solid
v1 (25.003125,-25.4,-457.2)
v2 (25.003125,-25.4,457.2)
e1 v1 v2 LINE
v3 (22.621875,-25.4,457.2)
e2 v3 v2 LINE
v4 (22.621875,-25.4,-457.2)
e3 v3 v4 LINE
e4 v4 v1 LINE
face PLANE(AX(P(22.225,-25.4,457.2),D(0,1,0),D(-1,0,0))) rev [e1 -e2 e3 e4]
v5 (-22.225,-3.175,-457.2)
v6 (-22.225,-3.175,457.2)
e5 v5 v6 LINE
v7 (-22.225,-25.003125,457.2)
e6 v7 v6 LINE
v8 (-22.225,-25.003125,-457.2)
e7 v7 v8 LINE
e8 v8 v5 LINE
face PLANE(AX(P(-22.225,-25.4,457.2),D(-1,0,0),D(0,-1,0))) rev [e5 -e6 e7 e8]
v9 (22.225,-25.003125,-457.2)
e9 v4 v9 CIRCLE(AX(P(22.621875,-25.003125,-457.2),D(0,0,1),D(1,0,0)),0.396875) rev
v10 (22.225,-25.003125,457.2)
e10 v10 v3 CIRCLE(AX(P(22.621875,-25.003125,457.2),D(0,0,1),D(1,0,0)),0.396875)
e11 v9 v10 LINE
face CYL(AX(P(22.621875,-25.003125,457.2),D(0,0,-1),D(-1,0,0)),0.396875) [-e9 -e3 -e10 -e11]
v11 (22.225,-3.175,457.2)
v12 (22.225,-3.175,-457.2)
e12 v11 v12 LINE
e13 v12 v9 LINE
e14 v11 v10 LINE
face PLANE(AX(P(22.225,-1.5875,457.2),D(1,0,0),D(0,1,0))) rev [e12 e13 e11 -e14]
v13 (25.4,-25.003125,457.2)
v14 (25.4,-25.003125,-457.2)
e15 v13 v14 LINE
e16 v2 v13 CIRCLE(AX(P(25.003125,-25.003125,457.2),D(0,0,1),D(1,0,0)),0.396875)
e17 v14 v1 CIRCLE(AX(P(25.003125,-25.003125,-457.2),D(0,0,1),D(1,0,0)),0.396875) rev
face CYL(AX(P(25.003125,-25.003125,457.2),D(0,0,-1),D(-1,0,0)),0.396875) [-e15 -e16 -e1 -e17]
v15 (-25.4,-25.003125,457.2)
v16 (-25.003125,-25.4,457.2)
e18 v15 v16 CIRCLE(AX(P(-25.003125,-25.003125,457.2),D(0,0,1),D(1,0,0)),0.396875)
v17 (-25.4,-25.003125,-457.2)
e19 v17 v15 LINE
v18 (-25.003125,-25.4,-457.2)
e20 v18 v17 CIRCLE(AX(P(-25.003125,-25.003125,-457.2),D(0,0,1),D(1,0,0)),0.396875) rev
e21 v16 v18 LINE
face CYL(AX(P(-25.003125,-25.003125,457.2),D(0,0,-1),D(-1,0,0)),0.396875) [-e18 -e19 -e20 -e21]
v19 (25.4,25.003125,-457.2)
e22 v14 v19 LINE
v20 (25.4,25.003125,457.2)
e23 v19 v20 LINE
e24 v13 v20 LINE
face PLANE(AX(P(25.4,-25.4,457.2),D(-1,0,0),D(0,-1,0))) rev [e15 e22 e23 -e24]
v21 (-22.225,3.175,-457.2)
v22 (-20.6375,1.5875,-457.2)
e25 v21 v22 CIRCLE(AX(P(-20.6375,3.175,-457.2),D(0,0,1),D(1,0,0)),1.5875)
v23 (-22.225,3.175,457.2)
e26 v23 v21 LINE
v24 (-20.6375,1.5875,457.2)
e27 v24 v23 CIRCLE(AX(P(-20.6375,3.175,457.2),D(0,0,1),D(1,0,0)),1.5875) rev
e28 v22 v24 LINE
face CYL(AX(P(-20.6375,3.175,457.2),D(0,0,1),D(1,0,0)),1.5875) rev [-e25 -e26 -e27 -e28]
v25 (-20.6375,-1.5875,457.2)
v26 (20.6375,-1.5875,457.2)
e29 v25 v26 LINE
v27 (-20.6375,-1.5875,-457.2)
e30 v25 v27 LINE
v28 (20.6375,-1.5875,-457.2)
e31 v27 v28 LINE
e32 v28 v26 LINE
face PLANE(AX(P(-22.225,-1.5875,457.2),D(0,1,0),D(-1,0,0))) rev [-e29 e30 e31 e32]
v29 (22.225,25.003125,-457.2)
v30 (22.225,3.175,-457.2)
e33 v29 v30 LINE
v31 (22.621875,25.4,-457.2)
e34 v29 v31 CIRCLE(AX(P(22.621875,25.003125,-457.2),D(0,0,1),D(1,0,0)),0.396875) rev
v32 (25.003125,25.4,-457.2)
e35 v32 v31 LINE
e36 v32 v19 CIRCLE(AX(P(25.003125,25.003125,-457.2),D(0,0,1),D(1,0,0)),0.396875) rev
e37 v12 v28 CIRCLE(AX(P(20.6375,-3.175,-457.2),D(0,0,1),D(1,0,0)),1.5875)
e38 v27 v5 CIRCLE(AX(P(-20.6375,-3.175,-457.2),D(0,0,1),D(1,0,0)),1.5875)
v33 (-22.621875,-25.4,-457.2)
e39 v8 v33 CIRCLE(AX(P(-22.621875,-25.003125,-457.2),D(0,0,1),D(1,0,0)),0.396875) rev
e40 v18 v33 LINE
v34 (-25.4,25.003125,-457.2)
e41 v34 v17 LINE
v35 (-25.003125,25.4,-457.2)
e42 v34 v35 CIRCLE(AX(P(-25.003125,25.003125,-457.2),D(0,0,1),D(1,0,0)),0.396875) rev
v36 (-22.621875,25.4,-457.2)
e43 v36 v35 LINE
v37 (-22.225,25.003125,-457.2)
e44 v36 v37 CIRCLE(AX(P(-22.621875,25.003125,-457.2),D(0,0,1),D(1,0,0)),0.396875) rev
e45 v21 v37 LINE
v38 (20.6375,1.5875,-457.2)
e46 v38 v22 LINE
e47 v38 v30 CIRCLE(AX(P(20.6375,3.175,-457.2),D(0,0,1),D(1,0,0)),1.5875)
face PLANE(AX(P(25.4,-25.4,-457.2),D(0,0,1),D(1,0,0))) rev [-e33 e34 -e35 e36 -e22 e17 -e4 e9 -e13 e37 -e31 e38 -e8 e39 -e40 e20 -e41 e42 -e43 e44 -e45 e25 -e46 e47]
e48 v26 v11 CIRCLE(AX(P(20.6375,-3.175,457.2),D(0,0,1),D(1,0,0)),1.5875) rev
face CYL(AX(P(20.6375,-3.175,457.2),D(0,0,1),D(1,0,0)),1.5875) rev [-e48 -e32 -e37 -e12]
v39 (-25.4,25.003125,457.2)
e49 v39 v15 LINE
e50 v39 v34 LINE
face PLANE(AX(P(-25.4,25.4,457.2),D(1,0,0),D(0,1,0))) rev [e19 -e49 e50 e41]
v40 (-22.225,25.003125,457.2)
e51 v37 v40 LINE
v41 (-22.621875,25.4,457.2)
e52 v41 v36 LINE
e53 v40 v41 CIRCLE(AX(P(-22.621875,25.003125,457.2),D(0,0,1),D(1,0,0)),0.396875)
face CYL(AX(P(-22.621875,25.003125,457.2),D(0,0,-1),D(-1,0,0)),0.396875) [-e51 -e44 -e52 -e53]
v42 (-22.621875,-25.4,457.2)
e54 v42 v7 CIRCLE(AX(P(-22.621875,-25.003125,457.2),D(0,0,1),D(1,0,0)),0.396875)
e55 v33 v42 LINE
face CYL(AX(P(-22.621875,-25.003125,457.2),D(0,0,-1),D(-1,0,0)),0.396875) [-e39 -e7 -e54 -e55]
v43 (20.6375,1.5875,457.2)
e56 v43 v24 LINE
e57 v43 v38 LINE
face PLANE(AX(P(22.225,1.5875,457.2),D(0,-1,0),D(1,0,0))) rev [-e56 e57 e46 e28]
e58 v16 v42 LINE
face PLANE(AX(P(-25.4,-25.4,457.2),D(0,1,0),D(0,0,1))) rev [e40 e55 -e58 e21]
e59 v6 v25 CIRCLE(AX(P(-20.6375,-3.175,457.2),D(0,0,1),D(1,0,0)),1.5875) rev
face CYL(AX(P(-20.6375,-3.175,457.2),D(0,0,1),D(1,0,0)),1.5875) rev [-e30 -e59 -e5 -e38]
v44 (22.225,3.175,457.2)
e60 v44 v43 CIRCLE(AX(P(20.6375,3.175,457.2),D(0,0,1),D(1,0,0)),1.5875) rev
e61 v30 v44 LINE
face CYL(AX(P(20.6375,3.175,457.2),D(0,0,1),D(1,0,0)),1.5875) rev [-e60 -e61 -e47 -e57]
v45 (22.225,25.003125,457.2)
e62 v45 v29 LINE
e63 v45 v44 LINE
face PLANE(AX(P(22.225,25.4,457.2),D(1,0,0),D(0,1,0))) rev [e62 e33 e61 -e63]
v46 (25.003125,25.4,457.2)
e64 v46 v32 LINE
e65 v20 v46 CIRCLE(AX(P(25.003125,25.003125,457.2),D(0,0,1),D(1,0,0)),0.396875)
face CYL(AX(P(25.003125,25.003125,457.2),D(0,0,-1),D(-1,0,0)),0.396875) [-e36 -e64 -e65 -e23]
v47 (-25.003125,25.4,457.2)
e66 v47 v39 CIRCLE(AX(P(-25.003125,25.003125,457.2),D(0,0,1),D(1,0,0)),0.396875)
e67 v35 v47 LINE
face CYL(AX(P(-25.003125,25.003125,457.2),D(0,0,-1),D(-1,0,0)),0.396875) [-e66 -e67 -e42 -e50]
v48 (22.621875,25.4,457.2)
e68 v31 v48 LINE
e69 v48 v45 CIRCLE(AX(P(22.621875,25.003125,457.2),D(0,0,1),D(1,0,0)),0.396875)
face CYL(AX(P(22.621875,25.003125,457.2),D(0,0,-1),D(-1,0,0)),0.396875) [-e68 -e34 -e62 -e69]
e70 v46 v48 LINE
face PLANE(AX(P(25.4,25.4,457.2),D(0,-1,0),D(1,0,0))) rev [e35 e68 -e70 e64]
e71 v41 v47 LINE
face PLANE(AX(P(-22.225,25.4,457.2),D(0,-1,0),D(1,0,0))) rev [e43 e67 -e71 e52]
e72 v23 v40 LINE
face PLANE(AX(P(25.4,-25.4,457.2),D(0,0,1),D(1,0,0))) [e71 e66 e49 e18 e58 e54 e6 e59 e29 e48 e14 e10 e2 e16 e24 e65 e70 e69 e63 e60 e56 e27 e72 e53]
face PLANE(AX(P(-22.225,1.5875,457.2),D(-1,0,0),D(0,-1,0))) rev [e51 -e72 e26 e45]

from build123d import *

# Parameters (mm, degrees)
BOSS_EXTRUDE1_DEPTH      = 457.2
BOSS_EXTRUDE1_DEPTH_BACK = 457.2
FILLET1_R                = 1.5875
FILLET2_R                = 0.396875


with BuildPart() as part:
    # Sketch3 → Boss-Extrude1 (new, two sides: drawn at the far end of the back side and taken through both)
    with BuildSketch(Plane.XY.offset(-BOSS_EXTRUDE1_DEPTH_BACK)):
        Polygon((25.4, -25.4), (25.4, 25.4), (22.225, 25.4), (22.225, 1.5875), (-22.225, 1.5875), (-22.225, 25.4), (-25.4, 25.4), (-25.4, -25.4), (-22.225, -25.4), (-22.225, -1.5875), (22.225, -1.5875), (22.225, -25.4), align=None)
    extrude(amount=BOSS_EXTRUDE1_DEPTH + BOSS_EXTRUDE1_DEPTH_BACK)

    # Fillet1
    fillet1_edges = [part.edges().sort_by_distance(p)[0] for p in [
        (22.225, -1.5875, 0),
        (-22.225, -1.5875, 0),
        (-22.225, 1.5875, 0),
        (22.225, 1.5875, 0),
    ]]
    fillet(fillet1_edges, radius=FILLET1_R)

    # Fillet2
    fillet2_edges = [part.edges().sort_by_distance(p)[0] for p in [
        (22.225, -25.4, 0),
        (-22.225, -25.4, 0),
        (-25.4, -25.4, 0),
        (-25.4, 25.4, 0),
        (-22.225, 25.4, 0),
        (22.225, 25.4, 0),
        (25.4, 25.4, 0),
        (25.4, -25.4, 0),
    ]]
    fillet(fillet2_edges, radius=FILLET2_R)


solid = part.part
